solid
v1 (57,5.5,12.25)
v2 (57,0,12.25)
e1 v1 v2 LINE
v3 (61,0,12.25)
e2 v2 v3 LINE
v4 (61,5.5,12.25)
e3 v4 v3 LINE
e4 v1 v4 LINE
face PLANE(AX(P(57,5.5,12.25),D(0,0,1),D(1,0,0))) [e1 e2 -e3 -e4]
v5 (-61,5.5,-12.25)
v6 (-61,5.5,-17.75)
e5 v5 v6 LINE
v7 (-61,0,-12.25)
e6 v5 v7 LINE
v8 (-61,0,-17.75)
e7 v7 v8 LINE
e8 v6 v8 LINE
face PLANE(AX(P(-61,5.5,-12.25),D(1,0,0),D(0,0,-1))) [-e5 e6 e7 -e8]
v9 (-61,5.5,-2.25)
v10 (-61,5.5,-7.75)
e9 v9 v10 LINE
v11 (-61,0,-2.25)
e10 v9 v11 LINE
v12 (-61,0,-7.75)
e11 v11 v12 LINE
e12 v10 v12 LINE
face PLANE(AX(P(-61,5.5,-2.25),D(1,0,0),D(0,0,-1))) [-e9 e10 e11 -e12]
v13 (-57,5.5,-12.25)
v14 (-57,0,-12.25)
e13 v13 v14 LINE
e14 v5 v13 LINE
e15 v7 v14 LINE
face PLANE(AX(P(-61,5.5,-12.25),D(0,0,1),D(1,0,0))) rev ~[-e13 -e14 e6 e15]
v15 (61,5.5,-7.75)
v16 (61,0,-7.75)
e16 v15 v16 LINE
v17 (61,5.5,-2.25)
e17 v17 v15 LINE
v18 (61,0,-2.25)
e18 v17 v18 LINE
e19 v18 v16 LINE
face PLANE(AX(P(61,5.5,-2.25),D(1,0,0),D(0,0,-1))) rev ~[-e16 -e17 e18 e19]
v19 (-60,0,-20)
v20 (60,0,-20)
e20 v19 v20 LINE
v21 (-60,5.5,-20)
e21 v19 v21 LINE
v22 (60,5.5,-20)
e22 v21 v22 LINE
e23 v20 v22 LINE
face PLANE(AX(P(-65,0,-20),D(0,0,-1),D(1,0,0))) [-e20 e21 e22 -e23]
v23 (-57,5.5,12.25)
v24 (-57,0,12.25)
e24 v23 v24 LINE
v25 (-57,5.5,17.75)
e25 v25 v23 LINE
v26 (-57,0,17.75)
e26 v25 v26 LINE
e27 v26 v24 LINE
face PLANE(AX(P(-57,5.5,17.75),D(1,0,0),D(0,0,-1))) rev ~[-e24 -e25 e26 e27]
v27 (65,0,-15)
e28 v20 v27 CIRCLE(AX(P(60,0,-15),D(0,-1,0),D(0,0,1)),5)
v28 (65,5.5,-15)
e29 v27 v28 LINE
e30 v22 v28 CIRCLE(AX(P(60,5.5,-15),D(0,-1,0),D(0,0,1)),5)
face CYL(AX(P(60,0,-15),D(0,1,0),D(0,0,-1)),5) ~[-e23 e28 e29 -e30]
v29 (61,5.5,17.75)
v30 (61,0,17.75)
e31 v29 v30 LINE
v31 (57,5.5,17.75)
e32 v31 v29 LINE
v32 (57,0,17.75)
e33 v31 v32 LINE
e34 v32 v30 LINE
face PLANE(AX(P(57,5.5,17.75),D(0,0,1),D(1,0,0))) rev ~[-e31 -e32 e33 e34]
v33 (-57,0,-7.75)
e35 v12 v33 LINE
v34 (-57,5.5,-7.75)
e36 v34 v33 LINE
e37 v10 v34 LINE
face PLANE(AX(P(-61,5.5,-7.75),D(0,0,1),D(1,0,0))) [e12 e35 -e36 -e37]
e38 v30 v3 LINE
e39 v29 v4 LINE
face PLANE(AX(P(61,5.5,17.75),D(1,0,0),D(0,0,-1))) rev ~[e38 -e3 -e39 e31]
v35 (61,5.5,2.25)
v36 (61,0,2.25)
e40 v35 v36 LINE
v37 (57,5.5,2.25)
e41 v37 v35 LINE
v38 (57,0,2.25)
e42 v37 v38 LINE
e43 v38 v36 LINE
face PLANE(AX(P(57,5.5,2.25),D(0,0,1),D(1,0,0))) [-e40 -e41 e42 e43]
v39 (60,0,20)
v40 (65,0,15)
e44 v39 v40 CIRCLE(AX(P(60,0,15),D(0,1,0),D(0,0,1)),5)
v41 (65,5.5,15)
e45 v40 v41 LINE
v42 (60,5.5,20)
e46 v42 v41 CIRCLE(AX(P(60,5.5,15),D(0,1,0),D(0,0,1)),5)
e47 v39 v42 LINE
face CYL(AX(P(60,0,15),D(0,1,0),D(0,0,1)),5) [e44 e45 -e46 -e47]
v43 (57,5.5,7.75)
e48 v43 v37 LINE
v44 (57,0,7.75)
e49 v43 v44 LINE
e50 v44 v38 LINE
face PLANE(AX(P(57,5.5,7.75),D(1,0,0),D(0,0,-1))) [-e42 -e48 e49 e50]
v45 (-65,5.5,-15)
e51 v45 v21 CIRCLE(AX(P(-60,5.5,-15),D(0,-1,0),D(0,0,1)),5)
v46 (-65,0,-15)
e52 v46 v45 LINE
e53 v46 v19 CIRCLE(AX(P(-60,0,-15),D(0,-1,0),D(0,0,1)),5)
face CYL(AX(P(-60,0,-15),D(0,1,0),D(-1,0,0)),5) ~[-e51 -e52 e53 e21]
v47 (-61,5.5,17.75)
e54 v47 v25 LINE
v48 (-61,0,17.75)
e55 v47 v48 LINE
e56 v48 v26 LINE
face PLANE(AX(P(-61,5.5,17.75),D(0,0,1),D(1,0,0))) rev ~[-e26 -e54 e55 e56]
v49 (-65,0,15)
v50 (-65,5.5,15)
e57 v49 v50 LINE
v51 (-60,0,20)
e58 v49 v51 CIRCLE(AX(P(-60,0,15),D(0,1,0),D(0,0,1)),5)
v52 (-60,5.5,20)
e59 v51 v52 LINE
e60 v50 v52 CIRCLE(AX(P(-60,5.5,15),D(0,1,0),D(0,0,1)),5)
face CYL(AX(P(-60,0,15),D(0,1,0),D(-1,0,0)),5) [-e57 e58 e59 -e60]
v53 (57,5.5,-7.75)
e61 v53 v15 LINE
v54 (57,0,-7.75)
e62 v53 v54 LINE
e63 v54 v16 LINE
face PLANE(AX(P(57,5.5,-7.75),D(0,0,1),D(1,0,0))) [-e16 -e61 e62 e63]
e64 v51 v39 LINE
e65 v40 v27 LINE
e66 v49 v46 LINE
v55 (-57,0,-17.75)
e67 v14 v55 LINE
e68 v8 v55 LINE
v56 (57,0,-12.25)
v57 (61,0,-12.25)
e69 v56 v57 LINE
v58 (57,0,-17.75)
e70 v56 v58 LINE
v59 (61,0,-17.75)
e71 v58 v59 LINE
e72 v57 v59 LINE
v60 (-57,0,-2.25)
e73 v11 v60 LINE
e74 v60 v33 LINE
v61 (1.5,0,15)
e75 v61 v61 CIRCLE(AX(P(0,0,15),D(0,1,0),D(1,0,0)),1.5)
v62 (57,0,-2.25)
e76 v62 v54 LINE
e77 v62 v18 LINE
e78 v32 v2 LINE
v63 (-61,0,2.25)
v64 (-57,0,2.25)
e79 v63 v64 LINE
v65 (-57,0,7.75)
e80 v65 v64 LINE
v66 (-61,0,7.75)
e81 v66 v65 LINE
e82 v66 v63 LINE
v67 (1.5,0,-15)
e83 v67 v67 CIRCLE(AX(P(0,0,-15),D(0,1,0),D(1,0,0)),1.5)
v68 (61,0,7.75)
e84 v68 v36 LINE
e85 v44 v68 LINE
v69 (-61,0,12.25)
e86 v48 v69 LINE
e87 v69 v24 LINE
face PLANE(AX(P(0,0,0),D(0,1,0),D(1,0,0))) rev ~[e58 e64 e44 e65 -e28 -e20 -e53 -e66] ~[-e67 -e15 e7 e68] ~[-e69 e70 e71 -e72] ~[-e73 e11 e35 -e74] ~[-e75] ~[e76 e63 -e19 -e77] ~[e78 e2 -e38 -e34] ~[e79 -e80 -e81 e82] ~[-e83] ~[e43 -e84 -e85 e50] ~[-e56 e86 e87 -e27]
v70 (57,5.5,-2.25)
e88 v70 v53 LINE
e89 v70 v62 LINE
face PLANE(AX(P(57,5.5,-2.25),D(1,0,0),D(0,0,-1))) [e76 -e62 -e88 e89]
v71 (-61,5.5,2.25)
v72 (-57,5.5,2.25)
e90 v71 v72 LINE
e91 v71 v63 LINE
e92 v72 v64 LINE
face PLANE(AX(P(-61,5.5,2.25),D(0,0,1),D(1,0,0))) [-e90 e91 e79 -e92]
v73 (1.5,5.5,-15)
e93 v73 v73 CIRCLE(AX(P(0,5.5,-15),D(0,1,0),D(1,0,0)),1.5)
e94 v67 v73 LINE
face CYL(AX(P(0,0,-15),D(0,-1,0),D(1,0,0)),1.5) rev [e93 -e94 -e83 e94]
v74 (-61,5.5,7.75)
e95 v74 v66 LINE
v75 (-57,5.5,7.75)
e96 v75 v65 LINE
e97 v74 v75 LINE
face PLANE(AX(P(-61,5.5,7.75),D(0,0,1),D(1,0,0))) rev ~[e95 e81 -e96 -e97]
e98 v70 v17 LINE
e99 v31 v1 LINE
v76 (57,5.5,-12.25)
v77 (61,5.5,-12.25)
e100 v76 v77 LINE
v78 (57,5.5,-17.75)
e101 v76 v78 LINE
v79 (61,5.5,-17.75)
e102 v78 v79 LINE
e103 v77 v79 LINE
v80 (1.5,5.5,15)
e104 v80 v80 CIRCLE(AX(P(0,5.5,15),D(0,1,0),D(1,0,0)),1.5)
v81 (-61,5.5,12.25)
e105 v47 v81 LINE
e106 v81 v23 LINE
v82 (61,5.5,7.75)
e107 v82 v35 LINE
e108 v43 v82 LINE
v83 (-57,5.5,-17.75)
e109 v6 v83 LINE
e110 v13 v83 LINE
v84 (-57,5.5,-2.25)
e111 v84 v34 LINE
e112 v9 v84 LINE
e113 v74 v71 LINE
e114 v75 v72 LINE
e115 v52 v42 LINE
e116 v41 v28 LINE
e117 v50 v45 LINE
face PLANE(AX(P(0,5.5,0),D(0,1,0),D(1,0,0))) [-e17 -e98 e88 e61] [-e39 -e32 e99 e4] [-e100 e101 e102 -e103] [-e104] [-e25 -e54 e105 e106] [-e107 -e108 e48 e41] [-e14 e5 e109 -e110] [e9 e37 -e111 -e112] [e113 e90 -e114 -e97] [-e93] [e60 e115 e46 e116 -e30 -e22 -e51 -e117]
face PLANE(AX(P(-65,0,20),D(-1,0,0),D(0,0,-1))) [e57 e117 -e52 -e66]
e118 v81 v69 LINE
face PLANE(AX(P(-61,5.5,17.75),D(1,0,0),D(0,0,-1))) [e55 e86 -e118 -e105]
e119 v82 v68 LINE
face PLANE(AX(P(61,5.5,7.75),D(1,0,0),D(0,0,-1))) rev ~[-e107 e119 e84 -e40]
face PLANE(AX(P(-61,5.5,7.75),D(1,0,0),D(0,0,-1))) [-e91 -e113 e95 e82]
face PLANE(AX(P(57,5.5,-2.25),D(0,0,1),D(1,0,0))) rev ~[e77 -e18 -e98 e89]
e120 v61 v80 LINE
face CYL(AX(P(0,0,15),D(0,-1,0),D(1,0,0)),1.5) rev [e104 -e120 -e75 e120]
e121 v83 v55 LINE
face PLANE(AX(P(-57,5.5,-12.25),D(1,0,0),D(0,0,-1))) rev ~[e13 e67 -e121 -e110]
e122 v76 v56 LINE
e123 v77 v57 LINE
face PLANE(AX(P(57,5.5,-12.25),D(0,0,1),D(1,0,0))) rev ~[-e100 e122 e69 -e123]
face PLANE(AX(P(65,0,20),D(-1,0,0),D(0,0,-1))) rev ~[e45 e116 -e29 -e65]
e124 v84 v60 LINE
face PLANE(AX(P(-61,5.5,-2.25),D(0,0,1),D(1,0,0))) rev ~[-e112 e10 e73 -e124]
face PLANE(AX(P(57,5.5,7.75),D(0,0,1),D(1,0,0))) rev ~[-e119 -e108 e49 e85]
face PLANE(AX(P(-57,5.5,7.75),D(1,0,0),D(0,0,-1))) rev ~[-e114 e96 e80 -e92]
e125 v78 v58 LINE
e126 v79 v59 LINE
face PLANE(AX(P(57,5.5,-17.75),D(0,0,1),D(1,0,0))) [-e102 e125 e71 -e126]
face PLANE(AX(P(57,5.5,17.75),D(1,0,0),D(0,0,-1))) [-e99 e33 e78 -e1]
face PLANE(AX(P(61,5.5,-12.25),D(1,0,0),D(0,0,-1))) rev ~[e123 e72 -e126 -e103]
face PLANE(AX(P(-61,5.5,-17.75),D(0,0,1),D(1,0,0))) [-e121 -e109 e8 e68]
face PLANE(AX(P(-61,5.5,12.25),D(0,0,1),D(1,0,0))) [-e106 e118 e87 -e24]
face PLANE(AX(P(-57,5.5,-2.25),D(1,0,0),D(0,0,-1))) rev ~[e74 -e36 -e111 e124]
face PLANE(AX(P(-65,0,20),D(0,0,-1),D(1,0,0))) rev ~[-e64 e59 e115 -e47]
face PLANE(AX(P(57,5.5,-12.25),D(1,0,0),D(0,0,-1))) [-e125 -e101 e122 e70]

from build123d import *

# Parameters (mm, degrees)
SKETCH1_W           = 130
SKETCH1_H           = 40
SKETCH1_R           = 1.5
BOSS_EXTRUDE1_DEPTH = 5.5
SKETCH2_W           = 4
SKETCH2_H           = 5.5
CUT_EXTRUDE1_DEPTH  = 6.5
FILLET1_R           = 5


with BuildPart() as part:
    # Sketch1 → Boss-Extrude1 (new body)
    with BuildSketch(Plane(origin=(0, 0, 0), x_dir=(1, 0, 0), z_dir=(0, 1, 0))):
        Rectangle(SKETCH1_W, SKETCH1_H)
        with Locations((0, 15)):
            Circle(SKETCH1_R, mode=Mode.SUBTRACT)
        with Locations((0, -15)):
            Circle(SKETCH1_R, mode=Mode.SUBTRACT)
    extrude(amount=BOSS_EXTRUDE1_DEPTH)

    # Sketch2 → Cut-Extrude1 (cut, through all)
    with BuildSketch(Plane(origin=(0, 5.5, 0), x_dir=(1, 0, 0), z_dir=(0, 1, 0))):
        with Locations((-59, 5)):
            Rectangle(SKETCH2_W, SKETCH2_H)
        with Locations((-59, 15)):
            Rectangle(SKETCH2_W, SKETCH2_H)
        with Locations((-59, -5)):
            Rectangle(SKETCH2_W, SKETCH2_H)
        with Locations((-59, -15)):
            Rectangle(SKETCH2_W, SKETCH2_H)
        with Locations((59, -15)):
            Rectangle(SKETCH2_W, SKETCH2_H)
        with Locations((59, 15)):
            Rectangle(SKETCH2_W, SKETCH2_H)
        with Locations((59, -5)):
            Rectangle(SKETCH2_W, SKETCH2_H)
        with Locations((59, 5)):
            Rectangle(SKETCH2_W, SKETCH2_H)
    extrude(amount=-CUT_EXTRUDE1_DEPTH, mode=Mode.SUBTRACT)

    # Fillet1
    fillet1_edges = [part.edges().sort_by_distance(p)[0] for p in [
        (-65, 2.75, -20),
        (65, 2.75, -20),
        (65, 2.75, 20),
        (-65, 2.75, 20),
    ]]
    fillet(fillet1_edges, radius=FILLET1_R)


solid = part.part
